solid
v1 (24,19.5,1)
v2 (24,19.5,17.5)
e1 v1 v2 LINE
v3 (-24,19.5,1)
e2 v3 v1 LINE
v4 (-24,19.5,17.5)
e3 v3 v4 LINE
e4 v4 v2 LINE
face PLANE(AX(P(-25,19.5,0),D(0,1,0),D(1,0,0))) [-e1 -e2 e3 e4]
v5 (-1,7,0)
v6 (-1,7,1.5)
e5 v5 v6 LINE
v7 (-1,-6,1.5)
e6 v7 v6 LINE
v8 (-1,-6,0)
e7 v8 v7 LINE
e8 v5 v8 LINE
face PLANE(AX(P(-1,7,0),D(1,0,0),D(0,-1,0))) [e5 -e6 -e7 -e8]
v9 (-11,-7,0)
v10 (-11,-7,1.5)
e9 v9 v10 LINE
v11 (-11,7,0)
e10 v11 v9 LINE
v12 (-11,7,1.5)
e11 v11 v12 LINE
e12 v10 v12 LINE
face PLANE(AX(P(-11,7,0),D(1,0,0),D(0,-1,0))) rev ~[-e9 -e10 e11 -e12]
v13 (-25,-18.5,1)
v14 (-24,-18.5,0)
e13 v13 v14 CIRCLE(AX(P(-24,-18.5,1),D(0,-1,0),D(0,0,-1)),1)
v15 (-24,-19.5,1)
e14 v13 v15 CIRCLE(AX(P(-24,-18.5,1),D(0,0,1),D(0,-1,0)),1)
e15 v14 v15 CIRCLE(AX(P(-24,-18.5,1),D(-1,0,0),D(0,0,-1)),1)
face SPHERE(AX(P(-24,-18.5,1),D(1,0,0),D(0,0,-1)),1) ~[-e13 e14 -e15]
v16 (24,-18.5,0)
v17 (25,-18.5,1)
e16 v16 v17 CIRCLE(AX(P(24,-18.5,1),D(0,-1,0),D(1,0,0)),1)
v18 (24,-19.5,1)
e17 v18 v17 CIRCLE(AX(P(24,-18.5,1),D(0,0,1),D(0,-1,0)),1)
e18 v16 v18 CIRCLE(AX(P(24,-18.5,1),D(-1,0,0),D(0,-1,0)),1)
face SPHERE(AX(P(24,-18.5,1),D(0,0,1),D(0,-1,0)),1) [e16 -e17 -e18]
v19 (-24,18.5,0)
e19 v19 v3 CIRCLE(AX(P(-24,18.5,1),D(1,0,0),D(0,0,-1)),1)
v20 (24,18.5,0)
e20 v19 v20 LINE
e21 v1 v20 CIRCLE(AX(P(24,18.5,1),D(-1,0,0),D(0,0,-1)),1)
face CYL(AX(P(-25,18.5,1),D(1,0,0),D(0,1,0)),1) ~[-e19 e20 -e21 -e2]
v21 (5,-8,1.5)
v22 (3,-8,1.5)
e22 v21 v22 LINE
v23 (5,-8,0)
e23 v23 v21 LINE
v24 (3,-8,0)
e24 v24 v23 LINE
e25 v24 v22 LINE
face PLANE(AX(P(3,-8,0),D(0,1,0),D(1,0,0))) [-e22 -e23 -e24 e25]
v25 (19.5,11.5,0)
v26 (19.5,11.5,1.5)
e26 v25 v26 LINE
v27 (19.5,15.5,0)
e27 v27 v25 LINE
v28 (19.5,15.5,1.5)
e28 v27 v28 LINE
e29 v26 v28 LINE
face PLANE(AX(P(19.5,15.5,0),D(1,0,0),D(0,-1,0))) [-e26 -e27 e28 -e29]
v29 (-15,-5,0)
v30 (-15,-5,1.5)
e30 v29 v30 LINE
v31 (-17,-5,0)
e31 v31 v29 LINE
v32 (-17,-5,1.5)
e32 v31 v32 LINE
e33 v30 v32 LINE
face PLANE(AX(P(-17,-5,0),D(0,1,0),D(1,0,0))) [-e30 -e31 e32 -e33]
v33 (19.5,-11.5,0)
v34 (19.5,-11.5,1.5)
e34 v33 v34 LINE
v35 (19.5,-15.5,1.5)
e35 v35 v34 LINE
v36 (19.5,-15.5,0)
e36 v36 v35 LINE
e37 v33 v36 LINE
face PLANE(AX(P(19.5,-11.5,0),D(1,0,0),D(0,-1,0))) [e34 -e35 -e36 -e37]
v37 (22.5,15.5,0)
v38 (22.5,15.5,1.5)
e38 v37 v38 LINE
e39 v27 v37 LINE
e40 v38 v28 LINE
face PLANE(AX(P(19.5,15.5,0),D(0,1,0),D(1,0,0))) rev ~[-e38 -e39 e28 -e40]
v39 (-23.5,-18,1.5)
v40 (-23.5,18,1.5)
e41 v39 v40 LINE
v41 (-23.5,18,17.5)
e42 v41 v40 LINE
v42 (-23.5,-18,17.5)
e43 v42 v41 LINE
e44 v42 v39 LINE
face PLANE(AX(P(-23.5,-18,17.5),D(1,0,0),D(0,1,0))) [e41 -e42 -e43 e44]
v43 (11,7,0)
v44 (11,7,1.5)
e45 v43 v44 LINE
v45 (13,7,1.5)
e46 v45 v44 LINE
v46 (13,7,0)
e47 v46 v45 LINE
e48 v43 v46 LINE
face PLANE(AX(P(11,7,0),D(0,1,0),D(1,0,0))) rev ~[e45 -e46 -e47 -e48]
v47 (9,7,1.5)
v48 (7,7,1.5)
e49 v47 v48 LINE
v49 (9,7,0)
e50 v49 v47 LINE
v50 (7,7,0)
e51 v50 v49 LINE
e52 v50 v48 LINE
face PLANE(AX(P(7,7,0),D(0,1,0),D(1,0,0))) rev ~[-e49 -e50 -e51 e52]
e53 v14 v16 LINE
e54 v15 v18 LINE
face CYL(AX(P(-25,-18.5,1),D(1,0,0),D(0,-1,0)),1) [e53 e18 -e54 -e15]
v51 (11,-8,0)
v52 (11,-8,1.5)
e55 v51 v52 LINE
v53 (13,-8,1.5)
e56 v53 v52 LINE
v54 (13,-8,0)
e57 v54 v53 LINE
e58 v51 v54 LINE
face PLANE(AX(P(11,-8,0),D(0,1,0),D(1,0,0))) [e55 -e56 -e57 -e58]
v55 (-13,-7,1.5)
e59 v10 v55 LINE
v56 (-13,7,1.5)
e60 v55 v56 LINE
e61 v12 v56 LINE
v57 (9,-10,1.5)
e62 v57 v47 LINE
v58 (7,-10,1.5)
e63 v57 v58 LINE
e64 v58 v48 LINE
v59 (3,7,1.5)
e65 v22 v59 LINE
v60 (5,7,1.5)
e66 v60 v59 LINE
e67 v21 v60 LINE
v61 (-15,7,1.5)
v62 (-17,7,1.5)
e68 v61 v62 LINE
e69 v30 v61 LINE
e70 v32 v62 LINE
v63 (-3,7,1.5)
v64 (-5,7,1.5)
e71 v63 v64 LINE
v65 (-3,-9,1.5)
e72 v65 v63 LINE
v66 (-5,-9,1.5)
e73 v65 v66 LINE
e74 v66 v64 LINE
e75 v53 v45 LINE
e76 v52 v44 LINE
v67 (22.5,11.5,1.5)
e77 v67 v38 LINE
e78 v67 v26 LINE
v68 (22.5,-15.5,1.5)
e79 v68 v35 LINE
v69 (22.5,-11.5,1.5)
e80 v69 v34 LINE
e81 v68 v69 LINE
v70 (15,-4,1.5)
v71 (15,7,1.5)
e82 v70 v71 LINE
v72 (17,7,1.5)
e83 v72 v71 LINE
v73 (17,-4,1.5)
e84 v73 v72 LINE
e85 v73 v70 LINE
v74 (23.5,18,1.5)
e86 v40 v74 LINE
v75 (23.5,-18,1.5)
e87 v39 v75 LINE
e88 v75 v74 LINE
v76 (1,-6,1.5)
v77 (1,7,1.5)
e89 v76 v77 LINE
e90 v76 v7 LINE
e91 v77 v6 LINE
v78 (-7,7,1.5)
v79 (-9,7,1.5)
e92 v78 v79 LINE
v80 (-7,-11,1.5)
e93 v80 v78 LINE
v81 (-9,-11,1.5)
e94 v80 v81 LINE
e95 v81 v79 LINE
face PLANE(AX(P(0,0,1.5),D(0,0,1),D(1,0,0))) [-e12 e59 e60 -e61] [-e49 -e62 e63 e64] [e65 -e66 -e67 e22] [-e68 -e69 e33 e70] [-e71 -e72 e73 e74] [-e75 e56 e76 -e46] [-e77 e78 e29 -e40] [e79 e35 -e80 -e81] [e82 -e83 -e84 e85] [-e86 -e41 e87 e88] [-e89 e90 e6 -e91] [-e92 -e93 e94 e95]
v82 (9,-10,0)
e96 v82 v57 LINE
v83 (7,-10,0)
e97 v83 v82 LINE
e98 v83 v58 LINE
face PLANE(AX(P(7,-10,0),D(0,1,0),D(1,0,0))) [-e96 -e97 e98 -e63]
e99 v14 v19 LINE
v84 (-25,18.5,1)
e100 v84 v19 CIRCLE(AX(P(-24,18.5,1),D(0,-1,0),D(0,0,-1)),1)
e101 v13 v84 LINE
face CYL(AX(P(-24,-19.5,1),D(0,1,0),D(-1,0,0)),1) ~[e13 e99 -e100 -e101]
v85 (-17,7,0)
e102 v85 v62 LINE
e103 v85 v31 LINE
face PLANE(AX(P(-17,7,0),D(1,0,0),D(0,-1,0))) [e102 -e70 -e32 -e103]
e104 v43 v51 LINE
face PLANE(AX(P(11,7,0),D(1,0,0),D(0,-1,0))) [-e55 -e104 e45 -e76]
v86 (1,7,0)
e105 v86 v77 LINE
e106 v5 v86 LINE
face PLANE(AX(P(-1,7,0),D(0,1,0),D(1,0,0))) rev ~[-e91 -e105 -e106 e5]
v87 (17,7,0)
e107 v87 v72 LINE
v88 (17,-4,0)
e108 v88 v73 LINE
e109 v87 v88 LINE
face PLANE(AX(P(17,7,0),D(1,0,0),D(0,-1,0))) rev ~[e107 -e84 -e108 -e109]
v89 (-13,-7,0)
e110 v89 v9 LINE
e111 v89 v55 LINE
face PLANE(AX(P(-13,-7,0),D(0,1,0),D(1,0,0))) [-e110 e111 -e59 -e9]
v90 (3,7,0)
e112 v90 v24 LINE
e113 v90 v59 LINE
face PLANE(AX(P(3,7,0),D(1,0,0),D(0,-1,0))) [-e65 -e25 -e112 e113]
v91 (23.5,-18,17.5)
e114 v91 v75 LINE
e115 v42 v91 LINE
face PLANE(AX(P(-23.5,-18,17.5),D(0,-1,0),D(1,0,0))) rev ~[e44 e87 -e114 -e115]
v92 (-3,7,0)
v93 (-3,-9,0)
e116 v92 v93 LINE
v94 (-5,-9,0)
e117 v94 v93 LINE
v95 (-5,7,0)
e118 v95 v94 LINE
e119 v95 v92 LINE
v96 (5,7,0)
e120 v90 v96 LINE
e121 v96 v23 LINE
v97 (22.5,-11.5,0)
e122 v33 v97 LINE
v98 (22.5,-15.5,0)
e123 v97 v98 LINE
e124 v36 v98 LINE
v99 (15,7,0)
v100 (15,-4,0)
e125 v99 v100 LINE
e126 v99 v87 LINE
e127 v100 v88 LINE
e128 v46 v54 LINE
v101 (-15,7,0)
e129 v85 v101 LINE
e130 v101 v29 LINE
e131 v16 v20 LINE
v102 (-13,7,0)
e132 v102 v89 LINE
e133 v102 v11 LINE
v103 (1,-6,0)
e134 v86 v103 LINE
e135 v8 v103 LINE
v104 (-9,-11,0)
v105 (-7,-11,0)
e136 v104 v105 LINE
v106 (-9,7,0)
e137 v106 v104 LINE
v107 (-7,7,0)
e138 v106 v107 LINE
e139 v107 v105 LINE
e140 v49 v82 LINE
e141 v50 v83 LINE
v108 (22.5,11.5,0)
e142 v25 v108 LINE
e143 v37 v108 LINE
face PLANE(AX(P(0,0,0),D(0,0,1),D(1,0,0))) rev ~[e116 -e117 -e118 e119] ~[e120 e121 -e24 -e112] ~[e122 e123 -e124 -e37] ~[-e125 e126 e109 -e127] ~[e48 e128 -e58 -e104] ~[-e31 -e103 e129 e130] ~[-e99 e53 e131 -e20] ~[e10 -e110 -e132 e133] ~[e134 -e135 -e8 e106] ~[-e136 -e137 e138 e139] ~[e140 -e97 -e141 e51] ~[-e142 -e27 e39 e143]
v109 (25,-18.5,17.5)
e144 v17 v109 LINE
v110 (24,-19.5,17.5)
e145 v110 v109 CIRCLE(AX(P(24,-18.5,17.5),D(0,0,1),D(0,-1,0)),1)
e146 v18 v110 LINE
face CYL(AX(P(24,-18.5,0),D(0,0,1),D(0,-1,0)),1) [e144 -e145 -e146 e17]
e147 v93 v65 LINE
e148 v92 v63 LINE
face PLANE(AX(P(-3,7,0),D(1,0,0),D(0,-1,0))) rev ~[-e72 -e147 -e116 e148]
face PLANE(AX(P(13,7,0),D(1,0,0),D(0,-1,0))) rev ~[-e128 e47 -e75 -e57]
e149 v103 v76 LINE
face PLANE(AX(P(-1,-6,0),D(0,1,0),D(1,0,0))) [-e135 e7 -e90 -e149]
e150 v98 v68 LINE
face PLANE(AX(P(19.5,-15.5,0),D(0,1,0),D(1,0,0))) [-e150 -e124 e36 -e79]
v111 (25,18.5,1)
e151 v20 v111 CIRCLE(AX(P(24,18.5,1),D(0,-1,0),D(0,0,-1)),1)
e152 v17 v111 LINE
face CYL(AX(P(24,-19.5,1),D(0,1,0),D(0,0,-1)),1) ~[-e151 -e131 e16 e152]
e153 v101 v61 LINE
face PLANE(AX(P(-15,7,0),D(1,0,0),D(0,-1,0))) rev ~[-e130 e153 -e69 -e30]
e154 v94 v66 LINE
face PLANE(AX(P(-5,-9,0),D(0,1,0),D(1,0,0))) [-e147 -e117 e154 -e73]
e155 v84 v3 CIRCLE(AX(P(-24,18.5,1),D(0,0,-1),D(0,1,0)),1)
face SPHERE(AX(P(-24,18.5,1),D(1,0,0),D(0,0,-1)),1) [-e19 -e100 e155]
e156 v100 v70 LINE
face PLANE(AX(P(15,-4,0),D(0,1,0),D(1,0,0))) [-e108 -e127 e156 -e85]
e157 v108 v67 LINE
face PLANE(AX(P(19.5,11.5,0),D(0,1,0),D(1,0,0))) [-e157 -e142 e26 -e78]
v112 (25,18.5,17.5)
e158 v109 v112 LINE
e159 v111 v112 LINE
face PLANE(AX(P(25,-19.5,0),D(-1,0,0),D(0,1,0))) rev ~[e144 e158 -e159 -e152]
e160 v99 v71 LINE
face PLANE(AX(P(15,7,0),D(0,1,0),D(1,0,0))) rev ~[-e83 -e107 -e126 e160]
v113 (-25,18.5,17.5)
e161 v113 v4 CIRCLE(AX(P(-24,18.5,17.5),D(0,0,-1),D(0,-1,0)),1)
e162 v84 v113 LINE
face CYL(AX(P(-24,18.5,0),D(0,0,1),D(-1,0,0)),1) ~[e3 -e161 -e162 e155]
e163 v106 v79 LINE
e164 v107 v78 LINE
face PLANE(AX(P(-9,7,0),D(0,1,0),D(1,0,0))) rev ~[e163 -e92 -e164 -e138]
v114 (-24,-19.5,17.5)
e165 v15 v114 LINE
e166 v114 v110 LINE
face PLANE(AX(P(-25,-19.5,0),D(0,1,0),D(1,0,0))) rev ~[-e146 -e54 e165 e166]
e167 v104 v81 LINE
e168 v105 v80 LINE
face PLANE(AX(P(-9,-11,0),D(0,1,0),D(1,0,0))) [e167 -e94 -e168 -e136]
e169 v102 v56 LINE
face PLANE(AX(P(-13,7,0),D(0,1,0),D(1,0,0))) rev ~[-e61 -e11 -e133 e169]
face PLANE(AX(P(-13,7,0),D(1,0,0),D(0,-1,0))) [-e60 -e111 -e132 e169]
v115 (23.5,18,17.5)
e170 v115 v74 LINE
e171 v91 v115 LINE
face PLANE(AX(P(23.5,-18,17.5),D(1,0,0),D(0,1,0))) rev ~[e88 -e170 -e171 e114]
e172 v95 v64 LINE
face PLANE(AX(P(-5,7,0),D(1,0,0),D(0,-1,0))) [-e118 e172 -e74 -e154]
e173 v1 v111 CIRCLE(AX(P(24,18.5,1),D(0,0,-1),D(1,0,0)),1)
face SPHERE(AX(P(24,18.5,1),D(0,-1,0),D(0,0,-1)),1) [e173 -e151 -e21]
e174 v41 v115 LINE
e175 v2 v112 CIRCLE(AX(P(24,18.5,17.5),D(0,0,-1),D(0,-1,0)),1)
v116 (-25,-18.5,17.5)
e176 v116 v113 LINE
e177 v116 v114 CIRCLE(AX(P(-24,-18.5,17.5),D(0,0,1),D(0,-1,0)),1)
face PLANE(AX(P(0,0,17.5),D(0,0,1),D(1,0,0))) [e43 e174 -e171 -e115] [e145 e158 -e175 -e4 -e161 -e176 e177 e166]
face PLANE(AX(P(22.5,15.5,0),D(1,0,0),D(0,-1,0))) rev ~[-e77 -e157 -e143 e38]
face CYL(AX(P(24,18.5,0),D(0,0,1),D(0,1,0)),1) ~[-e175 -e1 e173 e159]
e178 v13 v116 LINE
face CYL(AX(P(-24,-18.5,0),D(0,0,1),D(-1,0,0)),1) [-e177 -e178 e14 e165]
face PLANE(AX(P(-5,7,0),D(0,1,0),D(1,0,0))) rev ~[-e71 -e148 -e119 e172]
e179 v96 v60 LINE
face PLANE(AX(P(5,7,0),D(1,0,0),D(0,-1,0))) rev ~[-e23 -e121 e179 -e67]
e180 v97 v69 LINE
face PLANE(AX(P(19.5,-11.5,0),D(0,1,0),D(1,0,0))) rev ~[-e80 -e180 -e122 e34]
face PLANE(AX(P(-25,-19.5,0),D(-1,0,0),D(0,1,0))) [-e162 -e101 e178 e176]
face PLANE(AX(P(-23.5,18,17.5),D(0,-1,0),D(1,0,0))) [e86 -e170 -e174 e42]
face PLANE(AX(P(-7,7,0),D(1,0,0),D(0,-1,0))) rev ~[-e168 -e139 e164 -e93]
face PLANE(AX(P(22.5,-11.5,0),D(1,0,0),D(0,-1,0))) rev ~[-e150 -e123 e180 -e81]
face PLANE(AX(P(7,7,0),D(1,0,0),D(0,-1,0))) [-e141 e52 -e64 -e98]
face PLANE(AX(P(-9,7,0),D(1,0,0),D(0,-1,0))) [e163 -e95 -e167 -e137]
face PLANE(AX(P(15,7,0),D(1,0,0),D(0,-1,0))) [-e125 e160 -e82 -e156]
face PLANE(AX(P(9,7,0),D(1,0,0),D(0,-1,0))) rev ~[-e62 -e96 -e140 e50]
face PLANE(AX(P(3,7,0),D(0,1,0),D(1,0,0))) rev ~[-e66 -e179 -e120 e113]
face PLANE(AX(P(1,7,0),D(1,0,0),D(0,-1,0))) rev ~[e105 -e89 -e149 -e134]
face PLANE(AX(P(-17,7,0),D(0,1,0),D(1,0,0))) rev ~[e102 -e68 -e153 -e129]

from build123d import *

# Parameters (mm, degrees)
SKETCH_W        = 50
SKETCH_H        = 39
PAD_DEPTH       = 17.5
SKETCH001_W     = 47
SKETCH001_H     = 36
POCKET_DEPTH    = 16
SKETCH002_W     = 3
SKETCH002_H     = 4
POCKET001_DEPTH = 1.6
SKETCH006_W     = 2
SKETCH006_H     = 12
SKETCH006_H_2   = 14
SKETCH006_H_3   = 18
SKETCH006_H_4   = 16
SKETCH006_H_5   = 13
SKETCH006_H_6   = 15
SKETCH006_H_7   = 17
SKETCH006_H_8   = 11
POCKET002_DEPTH = 1.7
FILLET_R        = 1


with BuildPart() as part:
    # Sketch → Pad (new body)
    with BuildSketch(Plane.XY):
        Rectangle(SKETCH_W, SKETCH_H)
    extrude(amount=PAD_DEPTH)

    # Sketch001 (on Face6 of Pad) → Pocket (cut)
    with BuildSketch(Plane.XY.offset(17.5)):
        Rectangle(SKETCH001_W, SKETCH001_H)
    extrude(amount=-POCKET_DEPTH, mode=Mode.SUBTRACT)

    # Sketch002 (on Face4 of Pocket) → Pocket001 (cut)
    with BuildSketch(Plane(origin=(0, 0, 0), x_dir=(1, 0, 0), z_dir=(0, 0, -1))):
        with Locations((21, 13.5)):
            Rectangle(SKETCH002_W, SKETCH002_H)
        with Locations((21, -13.5)):
            Rectangle(SKETCH002_W, SKETCH002_H)
    extrude(amount=-POCKET001_DEPTH, mode=Mode.SUBTRACT)

    # Sketch006 (on Face4 of Pocket001) → Pocket002 (cut)
    with BuildSketch(Plane(origin=(0, 0, 0), x_dir=(1, 0, 0), z_dir=(0, 0, -1))):
        with Locations((-16, -1)):
            Rectangle(SKETCH006_W, SKETCH006_H)
        with Locations((-12, 0)):
            Rectangle(SKETCH006_W, SKETCH006_H_2)
        with Locations((-8, 2)):
            Rectangle(SKETCH006_W, SKETCH006_H_3)
        with Locations((-4, 1)):
            Rectangle(SKETCH006_W, SKETCH006_H_4)
        with Locations((0, -0.5)):
            Rectangle(SKETCH006_W, SKETCH006_H_5)
        with Locations((4, 0.5)):
            Rectangle(SKETCH006_W, SKETCH006_H_6)
        with Locations((8, 1.5)):
            Rectangle(SKETCH006_W, SKETCH006_H_7)
        with Locations((12, 0.5)):
            Rectangle(SKETCH006_W, SKETCH006_H_6)
        with Locations((16, -1.5)):
            Rectangle(SKETCH006_W, SKETCH006_H_8)
    extrude(amount=-POCKET002_DEPTH, mode=Mode.SUBTRACT)

    # Fillet
    fillet_edges = [part.edges().sort_by_distance(p)[0] for p in [
        (25, -19.5, 8.75),
        (0, -19.5, 0),
        (25, 0, 0),
        (0, 19.5, 0),
        (25, 19.5, 8.75),
        (-25, 0, 0),
        (-25, 19.5, 8.75),
        (-25, -19.5, 8.75),
    ]]
    fillet(fillet_edges, radius=FILLET_R)


solid = part.part
